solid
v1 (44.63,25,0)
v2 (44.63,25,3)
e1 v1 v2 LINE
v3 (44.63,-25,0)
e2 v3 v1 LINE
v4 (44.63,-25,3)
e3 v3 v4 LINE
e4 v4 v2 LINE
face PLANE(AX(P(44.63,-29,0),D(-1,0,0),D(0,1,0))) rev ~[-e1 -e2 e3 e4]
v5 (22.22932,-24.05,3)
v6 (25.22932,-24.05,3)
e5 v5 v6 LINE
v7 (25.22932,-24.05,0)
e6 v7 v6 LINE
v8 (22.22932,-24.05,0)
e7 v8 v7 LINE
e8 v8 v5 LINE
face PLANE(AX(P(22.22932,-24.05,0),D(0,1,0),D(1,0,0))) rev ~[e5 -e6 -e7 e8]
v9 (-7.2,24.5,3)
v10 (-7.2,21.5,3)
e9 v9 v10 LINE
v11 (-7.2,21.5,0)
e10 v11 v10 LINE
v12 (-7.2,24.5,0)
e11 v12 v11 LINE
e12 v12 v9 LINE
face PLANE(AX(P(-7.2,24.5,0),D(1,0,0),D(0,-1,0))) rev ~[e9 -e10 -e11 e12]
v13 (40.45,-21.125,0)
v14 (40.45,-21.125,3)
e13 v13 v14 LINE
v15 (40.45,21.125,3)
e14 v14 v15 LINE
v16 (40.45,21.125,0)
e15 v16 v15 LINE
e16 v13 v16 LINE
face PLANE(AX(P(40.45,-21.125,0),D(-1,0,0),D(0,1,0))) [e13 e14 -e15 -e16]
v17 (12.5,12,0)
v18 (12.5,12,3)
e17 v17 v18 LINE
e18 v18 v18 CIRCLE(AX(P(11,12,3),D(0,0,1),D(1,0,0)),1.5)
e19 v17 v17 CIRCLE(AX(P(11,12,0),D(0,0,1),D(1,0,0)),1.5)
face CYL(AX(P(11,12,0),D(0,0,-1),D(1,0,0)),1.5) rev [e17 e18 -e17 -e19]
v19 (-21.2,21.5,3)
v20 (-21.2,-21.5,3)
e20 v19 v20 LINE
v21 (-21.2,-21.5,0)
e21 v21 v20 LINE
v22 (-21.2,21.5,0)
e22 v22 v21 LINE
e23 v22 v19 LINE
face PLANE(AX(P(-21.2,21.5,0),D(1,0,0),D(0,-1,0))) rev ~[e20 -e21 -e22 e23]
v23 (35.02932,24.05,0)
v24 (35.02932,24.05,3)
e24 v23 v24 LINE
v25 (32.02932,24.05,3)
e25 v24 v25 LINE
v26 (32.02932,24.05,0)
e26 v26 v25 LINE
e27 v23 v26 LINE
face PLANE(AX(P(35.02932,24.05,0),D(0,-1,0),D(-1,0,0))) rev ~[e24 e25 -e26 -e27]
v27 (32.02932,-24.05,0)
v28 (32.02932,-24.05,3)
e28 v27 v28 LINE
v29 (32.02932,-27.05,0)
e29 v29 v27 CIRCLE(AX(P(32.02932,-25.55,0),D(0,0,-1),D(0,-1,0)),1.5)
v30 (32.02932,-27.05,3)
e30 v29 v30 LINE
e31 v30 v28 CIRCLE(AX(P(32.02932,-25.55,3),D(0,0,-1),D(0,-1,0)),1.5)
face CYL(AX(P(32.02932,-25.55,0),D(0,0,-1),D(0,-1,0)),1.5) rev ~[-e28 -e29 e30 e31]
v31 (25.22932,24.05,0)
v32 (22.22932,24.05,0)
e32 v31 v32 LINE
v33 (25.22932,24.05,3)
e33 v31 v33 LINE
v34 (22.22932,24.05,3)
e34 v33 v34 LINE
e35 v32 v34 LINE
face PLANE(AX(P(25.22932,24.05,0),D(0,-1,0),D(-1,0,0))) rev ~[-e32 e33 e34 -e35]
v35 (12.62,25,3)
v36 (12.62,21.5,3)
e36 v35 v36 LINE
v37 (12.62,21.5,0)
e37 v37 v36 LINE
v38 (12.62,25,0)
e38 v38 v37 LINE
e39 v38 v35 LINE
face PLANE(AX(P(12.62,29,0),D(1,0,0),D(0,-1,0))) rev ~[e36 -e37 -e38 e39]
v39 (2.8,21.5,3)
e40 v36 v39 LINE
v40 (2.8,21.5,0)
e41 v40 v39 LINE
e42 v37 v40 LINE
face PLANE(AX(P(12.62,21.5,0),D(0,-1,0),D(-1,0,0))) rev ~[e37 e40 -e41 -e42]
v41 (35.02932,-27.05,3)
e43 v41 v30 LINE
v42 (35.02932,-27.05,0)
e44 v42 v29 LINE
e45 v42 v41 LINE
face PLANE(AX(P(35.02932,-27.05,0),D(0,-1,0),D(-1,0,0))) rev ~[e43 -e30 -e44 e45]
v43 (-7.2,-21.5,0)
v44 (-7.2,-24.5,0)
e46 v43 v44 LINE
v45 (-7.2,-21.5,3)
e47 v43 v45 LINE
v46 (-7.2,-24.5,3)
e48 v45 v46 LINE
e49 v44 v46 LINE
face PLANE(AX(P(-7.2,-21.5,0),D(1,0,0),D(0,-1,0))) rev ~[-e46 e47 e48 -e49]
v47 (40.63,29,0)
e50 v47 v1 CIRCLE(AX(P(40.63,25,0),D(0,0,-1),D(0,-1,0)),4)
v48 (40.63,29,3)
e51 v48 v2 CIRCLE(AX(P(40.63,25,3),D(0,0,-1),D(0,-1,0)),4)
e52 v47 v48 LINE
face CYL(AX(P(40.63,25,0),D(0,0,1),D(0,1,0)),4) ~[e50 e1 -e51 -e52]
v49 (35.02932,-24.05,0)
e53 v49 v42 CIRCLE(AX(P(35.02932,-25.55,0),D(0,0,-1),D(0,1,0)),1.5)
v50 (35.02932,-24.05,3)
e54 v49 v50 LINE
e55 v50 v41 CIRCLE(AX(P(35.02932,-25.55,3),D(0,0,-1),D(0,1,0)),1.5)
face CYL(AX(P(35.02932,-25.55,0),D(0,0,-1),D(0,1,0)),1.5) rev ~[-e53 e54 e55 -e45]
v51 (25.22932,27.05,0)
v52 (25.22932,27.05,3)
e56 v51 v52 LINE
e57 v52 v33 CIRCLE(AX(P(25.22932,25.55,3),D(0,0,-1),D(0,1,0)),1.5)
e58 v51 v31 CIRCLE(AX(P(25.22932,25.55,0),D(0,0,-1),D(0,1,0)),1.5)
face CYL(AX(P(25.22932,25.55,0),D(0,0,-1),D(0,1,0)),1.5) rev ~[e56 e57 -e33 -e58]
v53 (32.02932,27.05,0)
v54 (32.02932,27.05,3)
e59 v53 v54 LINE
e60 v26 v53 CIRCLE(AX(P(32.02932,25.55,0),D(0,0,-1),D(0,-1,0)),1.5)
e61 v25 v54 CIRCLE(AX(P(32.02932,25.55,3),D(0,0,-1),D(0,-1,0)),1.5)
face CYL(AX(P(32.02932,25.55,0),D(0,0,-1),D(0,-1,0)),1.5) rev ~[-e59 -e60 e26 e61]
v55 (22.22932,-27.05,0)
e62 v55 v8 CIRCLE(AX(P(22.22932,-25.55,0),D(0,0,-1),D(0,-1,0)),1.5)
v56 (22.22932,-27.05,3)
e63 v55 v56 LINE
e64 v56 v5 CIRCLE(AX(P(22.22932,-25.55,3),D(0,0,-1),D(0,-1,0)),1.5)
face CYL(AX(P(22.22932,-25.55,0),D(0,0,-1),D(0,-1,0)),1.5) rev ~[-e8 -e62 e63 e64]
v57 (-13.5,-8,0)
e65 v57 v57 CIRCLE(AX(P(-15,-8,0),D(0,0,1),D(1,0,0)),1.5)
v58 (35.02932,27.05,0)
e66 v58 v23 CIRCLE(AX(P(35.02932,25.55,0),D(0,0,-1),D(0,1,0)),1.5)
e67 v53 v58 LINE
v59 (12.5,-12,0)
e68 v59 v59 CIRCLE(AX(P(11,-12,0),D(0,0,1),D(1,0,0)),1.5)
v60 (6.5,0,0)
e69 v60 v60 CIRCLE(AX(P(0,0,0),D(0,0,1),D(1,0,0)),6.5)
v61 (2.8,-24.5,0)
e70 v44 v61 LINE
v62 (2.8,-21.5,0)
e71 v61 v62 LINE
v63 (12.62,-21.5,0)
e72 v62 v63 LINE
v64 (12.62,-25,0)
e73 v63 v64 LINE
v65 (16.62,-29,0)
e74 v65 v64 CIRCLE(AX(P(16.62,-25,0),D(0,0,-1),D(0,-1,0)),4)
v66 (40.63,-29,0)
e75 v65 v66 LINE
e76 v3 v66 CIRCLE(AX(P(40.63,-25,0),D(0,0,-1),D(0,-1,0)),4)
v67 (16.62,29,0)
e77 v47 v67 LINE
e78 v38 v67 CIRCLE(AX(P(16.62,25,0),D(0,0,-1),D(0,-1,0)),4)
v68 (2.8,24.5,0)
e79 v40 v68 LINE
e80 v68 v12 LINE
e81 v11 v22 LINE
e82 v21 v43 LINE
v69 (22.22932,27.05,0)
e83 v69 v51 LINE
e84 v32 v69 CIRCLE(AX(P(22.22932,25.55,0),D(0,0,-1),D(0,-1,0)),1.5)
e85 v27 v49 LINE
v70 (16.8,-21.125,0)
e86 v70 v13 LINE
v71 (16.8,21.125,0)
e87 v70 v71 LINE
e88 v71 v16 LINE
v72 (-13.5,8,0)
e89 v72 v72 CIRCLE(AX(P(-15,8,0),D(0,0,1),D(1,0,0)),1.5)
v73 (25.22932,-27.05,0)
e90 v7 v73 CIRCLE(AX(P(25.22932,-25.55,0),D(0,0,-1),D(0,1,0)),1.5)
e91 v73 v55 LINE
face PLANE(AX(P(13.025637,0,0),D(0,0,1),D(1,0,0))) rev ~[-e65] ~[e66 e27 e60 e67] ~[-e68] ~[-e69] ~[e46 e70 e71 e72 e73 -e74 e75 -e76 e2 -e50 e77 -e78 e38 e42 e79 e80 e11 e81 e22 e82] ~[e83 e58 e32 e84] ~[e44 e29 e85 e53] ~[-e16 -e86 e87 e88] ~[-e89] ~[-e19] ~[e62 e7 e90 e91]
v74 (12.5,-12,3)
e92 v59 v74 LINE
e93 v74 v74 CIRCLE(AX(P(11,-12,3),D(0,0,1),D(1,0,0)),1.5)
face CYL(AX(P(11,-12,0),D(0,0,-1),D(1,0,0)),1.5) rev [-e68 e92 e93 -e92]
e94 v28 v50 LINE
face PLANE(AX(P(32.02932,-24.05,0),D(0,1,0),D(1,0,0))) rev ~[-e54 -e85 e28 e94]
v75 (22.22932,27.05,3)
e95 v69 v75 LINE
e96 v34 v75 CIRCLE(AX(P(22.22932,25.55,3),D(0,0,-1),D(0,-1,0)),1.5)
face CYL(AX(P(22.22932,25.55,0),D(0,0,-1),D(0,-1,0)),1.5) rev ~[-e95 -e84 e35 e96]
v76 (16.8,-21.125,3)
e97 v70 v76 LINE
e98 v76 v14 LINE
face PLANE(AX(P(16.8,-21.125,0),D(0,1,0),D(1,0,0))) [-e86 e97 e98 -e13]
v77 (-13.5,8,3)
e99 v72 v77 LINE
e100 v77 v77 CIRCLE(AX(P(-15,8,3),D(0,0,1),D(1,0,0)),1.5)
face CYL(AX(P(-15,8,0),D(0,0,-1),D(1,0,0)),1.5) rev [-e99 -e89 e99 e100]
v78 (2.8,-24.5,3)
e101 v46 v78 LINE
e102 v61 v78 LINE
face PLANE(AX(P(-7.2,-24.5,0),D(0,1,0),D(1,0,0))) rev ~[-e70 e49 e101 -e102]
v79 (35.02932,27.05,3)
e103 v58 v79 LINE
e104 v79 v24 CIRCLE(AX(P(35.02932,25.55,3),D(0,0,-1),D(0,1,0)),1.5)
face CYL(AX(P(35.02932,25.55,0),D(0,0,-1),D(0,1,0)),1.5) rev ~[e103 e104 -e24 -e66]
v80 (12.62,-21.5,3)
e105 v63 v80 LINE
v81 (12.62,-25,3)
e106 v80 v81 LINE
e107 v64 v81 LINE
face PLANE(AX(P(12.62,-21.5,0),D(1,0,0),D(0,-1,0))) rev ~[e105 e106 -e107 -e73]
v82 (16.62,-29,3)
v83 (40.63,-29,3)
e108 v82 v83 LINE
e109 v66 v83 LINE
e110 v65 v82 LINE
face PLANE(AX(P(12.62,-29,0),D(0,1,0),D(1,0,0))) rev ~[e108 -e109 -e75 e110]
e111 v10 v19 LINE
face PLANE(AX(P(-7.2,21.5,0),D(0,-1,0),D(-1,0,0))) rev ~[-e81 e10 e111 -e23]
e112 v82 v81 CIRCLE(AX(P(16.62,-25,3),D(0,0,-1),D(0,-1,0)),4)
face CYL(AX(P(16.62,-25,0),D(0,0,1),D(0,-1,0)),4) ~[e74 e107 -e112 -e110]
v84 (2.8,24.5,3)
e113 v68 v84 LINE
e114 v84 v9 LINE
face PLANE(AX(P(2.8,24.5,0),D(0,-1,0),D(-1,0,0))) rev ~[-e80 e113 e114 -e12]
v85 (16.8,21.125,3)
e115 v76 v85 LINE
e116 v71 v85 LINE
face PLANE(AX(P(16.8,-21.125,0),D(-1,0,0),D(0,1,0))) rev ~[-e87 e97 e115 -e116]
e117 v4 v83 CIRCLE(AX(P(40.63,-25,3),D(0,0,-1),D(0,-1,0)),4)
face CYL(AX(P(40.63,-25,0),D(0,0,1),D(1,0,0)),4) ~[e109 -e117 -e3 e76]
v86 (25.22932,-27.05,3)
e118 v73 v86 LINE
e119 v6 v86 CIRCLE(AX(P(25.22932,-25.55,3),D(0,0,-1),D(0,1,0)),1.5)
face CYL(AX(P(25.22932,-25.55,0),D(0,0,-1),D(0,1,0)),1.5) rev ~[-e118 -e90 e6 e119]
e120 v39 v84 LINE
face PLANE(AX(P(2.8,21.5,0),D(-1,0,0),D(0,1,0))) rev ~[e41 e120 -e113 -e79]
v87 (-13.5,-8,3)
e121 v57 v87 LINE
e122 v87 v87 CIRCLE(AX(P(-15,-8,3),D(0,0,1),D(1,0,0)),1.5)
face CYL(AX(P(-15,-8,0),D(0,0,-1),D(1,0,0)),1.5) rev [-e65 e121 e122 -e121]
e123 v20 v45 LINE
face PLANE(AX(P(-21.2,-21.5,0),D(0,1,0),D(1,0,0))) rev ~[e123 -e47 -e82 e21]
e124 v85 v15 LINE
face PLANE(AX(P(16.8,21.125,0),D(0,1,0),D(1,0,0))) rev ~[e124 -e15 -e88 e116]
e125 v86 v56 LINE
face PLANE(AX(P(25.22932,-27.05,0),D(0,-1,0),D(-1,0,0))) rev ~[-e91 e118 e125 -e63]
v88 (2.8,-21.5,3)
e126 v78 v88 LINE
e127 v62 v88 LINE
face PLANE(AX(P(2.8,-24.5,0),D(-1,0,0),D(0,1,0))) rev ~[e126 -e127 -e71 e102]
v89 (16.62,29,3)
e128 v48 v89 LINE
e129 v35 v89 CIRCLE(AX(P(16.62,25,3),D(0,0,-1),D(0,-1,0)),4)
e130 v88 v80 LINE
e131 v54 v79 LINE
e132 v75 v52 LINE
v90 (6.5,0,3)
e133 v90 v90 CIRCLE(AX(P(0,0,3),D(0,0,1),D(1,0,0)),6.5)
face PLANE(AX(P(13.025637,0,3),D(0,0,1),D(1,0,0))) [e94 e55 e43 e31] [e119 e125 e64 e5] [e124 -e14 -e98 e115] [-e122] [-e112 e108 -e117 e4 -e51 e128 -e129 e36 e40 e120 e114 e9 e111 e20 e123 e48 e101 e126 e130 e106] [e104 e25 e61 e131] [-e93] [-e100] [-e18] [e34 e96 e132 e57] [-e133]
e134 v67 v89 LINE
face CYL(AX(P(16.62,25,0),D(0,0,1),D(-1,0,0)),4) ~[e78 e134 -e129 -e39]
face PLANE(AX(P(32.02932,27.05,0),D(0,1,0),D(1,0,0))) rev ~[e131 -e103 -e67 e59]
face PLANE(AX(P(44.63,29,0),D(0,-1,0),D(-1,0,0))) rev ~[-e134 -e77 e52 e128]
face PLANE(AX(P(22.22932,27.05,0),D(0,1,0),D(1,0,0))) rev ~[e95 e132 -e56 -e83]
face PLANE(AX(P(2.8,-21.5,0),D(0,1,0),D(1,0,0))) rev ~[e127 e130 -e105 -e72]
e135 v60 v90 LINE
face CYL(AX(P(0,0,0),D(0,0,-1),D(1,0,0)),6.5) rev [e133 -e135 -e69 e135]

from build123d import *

# Parameters (mm, degrees)
SKETCH1_R           = 1.5
SKETCH1_R_2         = 6.5
SKETCH1_W           = 23.65
SKETCH1_H           = 42.25
BOSS_EXTRUDE1_DEPTH = 3
FILLET1_R           = 4


with BuildPart() as part:
    # Sketch1 → Boss-Extrude1 (new body)
    with BuildSketch(Plane.XY):
        Polygon((12.62, 29), (12.62, 21.5), (2.8, 21.5), (2.8, 24.5), (-7.2, 24.5), (-7.2, 21.5), (-21.2, 21.5), (-21.2, -21.5), (-7.2, -21.5), (-7.2, -24.5), (2.8, -24.5), (2.8, -21.5), (12.62, -21.5), (12.62, -29), (44.63, -29), (44.63, 29), align=None)
        with Locations((-15, -8)):
            Circle(SKETCH1_R, mode=Mode.SUBTRACT)
        with Locations((-15, 8)):
            Circle(SKETCH1_R, mode=Mode.SUBTRACT)
        with Locations((11, 12)):
            Circle(SKETCH1_R, mode=Mode.SUBTRACT)
        with Locations((11, -12)):
            Circle(SKETCH1_R, mode=Mode.SUBTRACT)
        Circle(SKETCH1_R_2, mode=Mode.SUBTRACT)
        with BuildLine():
            Line((22.229319933, 27.05), (25.229319933, 27.05))
            ThreePointArc((25.229319933, 27.05), (26.729319933, 25.55), (25.229319933, 24.05))
            Line((25.229319933, 24.05), (22.229319933, 24.05))
            ThreePointArc((22.229319933, 24.05), (20.729319933, 25.55), (22.229319933, 27.05))
        make_face(mode=Mode.SUBTRACT)
        with BuildLine():
            Line((32.029319933, 27.05), (35.029319933, 27.05))
            ThreePointArc((35.029319933, 27.05), (36.529319933, 25.55), (35.029319933, 24.05))
            Line((35.029319933, 24.05), (32.029319933, 24.05))
            ThreePointArc((32.029319933, 24.05), (30.529319933, 25.55), (32.029319933, 27.05))
        make_face(mode=Mode.SUBTRACT)
        with BuildLine():
            Line((22.229319933, -24.05), (25.229319933, -24.05))
            ThreePointArc((25.229319933, -24.05), (26.729319933, -25.55), (25.229319933, -27.05))
            Line((25.229319933, -27.05), (22.229319933, -27.05))
            ThreePointArc((22.229319933, -27.05), (20.729319933, -25.55), (22.229319933, -24.05))
        make_face(mode=Mode.SUBTRACT)
        with Locations((28.625, 0)):
            Rectangle(SKETCH1_W, SKETCH1_H, mode=Mode.SUBTRACT)
        with BuildLine():
            Line((32.029319933, -24.05), (35.029319933, -24.05))
            ThreePointArc((35.029319933, -24.05), (36.529319933, -25.55), (35.029319933, -27.05))
            Line((35.029319933, -27.05), (32.029319933, -27.05))
            ThreePointArc((32.029319933, -27.05), (30.529319933, -25.55), (32.029319933, -24.05))
        make_face(mode=Mode.SUBTRACT)
    extrude(amount=BOSS_EXTRUDE1_DEPTH)

    # Fillet1
    fillet1_edges = [part.edges().sort_by_distance(p)[0] for p in [
        (12.62, 29, 1.5),
        (44.63, 29, 1.5),
        (44.63, -29, 1.5),
        (12.62, -29, 1.5),
    ]]
    fillet(fillet1_edges, radius=FILLET1_R)


solid = part.part
